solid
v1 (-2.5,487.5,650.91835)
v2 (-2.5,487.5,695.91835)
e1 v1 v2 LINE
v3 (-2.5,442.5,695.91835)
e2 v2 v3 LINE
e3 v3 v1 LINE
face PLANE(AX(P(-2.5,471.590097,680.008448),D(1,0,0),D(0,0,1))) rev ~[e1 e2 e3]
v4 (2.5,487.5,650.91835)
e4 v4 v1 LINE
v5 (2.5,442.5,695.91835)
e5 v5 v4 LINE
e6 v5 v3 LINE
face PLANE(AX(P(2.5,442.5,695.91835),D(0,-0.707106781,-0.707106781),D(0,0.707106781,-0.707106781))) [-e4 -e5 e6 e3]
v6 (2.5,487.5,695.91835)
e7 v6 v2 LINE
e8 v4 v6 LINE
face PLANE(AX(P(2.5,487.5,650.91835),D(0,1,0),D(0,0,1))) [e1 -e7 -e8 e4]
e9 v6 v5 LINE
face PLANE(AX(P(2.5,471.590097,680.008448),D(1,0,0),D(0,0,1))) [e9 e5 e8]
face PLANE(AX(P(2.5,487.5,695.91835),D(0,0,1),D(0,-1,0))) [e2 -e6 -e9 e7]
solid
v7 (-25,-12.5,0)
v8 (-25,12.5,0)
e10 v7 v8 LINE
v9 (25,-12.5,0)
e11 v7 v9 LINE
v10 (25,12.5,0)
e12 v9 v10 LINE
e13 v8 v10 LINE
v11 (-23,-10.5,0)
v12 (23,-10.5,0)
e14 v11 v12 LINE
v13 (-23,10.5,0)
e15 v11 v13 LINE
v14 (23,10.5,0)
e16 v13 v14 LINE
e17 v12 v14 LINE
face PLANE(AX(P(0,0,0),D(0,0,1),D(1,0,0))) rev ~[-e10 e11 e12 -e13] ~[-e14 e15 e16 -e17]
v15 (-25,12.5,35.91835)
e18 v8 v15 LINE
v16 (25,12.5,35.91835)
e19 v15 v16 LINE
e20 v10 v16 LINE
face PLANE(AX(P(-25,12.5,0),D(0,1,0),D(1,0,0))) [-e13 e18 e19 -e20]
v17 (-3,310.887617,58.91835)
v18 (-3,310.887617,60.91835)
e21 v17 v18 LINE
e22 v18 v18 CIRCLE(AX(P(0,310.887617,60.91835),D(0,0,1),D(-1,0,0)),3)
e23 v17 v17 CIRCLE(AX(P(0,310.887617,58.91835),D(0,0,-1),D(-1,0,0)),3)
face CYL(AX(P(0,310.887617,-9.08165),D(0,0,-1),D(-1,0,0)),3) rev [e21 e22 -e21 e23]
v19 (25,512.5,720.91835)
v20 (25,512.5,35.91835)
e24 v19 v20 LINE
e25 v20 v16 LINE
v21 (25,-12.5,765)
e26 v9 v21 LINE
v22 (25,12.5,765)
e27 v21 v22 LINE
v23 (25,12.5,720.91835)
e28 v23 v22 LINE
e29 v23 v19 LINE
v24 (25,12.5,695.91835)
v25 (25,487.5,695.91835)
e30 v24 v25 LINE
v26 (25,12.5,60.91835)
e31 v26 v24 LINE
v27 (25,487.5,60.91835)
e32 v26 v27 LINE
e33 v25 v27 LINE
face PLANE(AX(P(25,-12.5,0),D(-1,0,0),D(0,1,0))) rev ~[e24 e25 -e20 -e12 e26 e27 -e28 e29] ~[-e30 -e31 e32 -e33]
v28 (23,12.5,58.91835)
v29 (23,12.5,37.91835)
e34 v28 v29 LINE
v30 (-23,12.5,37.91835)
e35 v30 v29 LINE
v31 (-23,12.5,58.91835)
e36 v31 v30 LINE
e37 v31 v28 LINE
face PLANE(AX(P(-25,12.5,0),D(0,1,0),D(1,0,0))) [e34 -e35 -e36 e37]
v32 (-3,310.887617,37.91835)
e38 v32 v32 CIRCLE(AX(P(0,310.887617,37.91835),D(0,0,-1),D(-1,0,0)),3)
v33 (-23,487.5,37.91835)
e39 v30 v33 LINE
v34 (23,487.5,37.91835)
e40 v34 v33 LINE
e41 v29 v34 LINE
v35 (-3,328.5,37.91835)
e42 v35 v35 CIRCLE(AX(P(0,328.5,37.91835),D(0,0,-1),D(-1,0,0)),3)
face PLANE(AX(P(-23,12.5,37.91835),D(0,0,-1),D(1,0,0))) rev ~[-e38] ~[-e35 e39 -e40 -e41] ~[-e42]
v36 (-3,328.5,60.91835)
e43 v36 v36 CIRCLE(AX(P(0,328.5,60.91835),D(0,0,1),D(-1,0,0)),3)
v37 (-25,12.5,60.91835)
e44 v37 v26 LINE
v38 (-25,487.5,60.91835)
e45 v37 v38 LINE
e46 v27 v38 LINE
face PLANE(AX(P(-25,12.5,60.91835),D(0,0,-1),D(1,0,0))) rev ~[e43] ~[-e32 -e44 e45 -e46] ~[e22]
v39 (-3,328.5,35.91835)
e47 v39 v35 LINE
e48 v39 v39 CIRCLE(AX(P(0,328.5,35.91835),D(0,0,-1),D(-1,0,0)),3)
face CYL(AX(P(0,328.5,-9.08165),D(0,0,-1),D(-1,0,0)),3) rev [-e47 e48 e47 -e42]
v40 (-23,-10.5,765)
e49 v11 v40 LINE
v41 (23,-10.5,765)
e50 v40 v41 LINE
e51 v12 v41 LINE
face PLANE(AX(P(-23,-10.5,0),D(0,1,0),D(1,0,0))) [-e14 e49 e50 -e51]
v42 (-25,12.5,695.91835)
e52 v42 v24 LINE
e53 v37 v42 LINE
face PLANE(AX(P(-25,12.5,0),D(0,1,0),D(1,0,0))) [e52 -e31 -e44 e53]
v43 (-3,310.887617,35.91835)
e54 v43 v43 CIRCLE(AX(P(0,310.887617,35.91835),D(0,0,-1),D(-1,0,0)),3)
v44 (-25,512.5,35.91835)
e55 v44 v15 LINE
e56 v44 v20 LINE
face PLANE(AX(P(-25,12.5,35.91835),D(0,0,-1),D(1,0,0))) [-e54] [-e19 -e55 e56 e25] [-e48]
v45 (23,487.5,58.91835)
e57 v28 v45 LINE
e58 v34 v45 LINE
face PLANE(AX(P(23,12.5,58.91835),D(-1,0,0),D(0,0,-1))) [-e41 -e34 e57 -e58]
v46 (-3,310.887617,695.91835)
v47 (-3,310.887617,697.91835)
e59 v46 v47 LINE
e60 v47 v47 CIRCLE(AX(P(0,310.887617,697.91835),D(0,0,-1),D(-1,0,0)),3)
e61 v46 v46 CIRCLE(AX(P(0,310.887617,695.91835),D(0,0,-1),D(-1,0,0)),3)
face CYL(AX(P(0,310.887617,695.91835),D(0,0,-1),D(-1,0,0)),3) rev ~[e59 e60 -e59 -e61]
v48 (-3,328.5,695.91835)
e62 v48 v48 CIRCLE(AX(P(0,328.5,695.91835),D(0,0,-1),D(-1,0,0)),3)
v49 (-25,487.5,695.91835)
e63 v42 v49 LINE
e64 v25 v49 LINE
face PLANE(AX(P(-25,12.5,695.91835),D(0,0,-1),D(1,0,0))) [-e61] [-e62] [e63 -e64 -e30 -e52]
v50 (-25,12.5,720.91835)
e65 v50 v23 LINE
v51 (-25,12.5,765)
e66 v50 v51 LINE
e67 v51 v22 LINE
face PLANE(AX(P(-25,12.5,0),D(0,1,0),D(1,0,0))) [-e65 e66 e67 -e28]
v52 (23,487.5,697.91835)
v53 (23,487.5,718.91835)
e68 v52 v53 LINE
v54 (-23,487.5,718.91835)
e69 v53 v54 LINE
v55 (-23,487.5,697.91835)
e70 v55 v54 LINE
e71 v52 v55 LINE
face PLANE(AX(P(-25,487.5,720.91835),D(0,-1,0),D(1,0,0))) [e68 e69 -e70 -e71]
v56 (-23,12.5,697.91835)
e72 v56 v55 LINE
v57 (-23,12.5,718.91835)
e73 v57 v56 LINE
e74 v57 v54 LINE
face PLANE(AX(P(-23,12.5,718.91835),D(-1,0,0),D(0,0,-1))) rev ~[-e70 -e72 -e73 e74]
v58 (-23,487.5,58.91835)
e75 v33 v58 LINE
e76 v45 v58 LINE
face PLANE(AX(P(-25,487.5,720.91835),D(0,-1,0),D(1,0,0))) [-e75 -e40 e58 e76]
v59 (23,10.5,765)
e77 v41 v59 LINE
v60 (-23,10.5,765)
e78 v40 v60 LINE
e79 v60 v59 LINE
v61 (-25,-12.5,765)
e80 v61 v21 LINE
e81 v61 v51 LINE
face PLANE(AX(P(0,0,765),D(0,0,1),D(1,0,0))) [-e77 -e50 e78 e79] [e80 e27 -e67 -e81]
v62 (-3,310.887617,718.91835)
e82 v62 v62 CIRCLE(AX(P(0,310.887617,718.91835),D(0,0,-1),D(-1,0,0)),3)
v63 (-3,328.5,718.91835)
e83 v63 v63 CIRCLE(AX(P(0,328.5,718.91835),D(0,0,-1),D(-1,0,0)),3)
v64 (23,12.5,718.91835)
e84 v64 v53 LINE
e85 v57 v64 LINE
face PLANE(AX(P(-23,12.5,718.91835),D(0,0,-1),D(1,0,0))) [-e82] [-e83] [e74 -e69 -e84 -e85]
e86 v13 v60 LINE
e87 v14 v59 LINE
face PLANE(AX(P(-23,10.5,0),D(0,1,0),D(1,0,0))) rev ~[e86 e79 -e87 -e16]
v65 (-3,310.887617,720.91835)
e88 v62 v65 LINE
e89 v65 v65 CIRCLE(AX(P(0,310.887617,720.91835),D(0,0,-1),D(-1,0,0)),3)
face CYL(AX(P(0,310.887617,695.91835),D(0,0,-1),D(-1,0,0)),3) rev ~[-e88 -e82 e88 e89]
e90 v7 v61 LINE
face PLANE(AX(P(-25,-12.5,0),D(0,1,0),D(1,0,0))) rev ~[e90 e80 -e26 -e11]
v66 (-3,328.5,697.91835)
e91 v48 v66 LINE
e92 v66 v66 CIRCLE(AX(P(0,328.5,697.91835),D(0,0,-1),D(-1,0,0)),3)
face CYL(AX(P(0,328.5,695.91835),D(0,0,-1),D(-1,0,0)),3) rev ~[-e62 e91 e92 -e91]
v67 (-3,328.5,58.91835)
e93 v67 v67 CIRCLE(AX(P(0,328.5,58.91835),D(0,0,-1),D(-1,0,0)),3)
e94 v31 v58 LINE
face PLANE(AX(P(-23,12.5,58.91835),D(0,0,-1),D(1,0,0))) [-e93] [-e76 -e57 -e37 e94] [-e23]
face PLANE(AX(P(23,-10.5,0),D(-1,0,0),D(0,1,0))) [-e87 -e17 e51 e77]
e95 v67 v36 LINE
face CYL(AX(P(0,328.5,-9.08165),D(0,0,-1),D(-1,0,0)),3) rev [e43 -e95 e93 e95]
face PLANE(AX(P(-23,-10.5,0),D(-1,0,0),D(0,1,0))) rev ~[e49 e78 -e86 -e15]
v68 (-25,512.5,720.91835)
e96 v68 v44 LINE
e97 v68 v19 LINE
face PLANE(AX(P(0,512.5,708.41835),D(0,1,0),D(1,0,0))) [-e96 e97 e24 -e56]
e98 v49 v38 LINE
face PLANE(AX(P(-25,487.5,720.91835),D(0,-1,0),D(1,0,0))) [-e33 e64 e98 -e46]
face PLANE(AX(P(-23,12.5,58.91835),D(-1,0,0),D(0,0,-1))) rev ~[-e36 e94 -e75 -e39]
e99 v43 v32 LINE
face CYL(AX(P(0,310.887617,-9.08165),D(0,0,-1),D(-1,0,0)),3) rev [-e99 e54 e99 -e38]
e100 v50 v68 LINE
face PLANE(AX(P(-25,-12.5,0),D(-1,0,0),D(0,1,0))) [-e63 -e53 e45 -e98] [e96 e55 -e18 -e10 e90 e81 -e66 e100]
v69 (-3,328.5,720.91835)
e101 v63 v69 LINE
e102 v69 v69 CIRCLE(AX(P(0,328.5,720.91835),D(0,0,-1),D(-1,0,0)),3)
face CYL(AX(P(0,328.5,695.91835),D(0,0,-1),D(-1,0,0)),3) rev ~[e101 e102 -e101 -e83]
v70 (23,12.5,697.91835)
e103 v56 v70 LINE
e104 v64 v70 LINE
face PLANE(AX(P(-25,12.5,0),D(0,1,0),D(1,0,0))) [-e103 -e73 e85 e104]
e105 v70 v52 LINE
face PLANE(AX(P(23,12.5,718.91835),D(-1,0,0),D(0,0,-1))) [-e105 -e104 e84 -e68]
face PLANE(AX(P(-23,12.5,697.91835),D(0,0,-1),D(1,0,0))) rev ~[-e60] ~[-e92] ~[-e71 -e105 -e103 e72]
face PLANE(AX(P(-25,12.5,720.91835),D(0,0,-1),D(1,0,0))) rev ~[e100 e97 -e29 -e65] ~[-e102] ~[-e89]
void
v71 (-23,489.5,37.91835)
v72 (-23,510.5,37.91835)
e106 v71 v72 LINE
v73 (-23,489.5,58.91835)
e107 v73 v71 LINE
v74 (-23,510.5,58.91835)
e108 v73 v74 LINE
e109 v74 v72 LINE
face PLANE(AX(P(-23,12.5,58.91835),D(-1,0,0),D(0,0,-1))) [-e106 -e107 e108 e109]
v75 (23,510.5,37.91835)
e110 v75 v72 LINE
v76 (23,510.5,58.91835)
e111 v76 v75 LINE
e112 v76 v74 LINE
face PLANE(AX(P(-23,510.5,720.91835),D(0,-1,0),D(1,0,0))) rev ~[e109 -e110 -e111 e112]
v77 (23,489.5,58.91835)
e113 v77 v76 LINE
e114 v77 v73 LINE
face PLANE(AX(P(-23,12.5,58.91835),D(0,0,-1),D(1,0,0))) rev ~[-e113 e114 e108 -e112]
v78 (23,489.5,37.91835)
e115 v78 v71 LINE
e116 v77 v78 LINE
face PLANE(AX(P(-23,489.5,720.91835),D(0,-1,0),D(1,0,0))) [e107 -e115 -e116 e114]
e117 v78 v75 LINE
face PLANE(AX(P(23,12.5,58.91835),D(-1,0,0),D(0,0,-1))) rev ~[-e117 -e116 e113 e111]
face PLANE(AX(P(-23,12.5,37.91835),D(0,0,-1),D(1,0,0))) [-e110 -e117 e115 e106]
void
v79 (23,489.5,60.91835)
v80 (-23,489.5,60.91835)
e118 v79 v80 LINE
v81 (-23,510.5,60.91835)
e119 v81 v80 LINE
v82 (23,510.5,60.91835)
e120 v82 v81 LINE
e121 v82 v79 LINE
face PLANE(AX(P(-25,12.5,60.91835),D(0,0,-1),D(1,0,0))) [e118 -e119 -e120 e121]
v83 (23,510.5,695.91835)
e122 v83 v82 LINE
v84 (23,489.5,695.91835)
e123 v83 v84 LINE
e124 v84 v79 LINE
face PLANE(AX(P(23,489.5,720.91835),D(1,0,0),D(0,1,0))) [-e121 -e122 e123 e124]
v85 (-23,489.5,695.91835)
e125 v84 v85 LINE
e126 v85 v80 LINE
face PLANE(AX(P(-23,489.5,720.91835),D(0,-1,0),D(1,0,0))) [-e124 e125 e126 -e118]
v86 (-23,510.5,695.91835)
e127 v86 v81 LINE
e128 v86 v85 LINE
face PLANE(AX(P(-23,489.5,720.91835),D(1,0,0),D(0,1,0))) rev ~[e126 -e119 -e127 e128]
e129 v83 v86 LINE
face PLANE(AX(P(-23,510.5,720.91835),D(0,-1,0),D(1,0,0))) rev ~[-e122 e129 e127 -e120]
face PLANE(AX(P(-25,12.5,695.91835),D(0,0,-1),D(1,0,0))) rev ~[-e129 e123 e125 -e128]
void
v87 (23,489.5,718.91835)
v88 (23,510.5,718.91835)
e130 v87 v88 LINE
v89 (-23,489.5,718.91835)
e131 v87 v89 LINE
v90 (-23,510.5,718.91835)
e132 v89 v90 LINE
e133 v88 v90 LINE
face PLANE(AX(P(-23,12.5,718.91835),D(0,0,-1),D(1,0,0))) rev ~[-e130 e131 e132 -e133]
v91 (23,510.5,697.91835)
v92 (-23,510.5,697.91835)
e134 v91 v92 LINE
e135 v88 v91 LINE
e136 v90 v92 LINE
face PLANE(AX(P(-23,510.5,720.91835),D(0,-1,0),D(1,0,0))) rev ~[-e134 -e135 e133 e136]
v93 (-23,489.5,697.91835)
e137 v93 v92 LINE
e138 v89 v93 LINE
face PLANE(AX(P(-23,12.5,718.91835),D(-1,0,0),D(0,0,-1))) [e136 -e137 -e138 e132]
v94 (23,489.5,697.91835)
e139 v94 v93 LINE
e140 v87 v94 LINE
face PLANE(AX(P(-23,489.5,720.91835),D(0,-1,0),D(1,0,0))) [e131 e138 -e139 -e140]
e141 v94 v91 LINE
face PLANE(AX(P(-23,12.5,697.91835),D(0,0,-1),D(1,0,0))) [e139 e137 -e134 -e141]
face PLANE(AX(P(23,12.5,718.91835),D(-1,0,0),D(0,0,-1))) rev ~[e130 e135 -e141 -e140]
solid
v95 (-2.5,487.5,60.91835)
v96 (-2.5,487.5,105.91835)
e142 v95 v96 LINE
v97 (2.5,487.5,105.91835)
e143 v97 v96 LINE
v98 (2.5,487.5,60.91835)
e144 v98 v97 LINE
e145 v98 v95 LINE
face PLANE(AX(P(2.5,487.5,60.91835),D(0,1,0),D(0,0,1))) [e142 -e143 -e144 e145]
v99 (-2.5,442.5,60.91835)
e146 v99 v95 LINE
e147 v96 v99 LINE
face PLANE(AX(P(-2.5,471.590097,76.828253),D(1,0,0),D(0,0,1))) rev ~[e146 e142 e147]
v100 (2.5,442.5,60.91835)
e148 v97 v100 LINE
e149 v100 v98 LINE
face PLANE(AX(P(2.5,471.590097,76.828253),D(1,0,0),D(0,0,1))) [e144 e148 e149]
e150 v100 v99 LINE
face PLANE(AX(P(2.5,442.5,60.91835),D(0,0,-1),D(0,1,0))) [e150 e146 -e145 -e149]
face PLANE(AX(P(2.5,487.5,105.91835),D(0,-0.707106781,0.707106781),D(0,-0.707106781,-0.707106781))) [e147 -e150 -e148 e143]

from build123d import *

# Parameters (mm, degrees)
SKETCH1_W           = 50
SKETCH1_H           = 25
SKETCH1_W_2         = 46
SKETCH1_H_2         = 21
BOSS_EXTRUDE1_DEPTH = 765
SKETCH2_W           = 50
SKETCH2_H           = 25
SKETCH2_W_2         = 46
SKETCH2_H_2         = 21
BOSS_EXTRUDE2_DEPTH = 500
BOSS_EXTRUDE3_REACH = 886.875
SKETCH3_W           = 50
SKETCH3_H           = 25
SKETCH3_W_2         = 46
SKETCH3_H_2         = 21
GUSSET1_THICKNESS   = 5
GUSSET2_THICKNESS   = 5
SKETCH9_R           = 3
CUT_EXTRUDE1_DEPTH  = 70
CUT_EXTRUDE2_START  = -70
SKETCH10_R          = 3
CUT_EXTRUDE2_DEPTH  = 70


with BuildPart() as part:
    # Sketch1 → Boss-Extrude1 (new body)
    with BuildSketch(Plane.XY):
        Rectangle(SKETCH1_W, SKETCH1_H)
        Rectangle(SKETCH1_W_2, SKETCH1_H_2, mode=Mode.SUBTRACT)
    extrude(amount=BOSS_EXTRUDE1_DEPTH)

    # Sketch2 → Boss-Extrude2 (add)
    # profile 1 of 2: a face of its own
    with BuildSketch(Plane(origin=(0, 12.5, 0), x_dir=(1, 0, 0), z_dir=(0, 1, 0))):
        with Locations((0, -708.418350439)):
            Rectangle(SKETCH2_W, SKETCH2_H)
        with Locations((0, -708.418350439)):
            Rectangle(SKETCH2_W_2, SKETCH2_H_2, mode=Mode.SUBTRACT)
    # profile 2 of 2: a face of its own
    with BuildSketch(Plane(origin=(0, 12.5, 0), x_dir=(1, 0, 0), z_dir=(0, 1, 0))):
        with Locations((0, -48.418350439)):
            Rectangle(SKETCH2_W, SKETCH2_H)
        with Locations((0, -48.418350439)):
            Rectangle(SKETCH2_W_2, SKETCH2_H_2, mode=Mode.SUBTRACT)
    extrude(amount=BOSS_EXTRUDE2_DEPTH)

    # Boss-Extrude3: up to this face of the body (flat: up to its plane)
    boss_extrude3_end = Plane(part.part.faces().sort_by_distance((0, 262.5, 35.918350439))[0])
    # Sketch3 → Boss-Extrude3 (add, up to the picked face)
    with BuildSketch(Plane.XY.offset(720.918350439), mode=Mode.PRIVATE) as boss_extrude3_sk1:
        with Locations((0, 500)):
            Rectangle(SKETCH3_W, SKETCH3_H)
        with Locations((0, 500)):
            Rectangle(SKETCH3_W_2, SKETCH3_H_2, mode=Mode.SUBTRACT)
    boss_extrude3_tool1 = split(extrude(boss_extrude3_sk1.sketch, amount=-BOSS_EXTRUDE3_REACH, mode=Mode.PRIVATE), bisect_by=boss_extrude3_end, keep=Keep.BOTH, mode=Mode.PRIVATE)
    add(boss_extrude3_tool1.solids().sort_by(Axis((0, 488.059017, 720.91835), (0, 0, -1)))[0])

    # Sketch9 → Cut-Extrude1 (cut)
    with BuildSketch(Plane(origin=(0, 0, 695.918350439), x_dir=(-1, 0, 0), z_dir=(0, 0, -1))):
        with Locations((0, 310.887616871)):
            Circle(SKETCH9_R)
        with Locations((0, 328.5)):
            Circle(SKETCH9_R)
    extrude(amount=-CUT_EXTRUDE1_DEPTH, mode=Mode.SUBTRACT)

    # Sketch10 → Cut-Extrude2 (cut)
    with BuildSketch(Plane.XY.offset(60.918350439).offset(CUT_EXTRUDE2_START)):
        with Locations(Location((0, 310.887616871, 0), (0, 0, 180))):
            Circle(SKETCH10_R)
        with Locations(Location((0, 328.5, 0), (0, 0, 180))):
            Circle(SKETCH10_R)
    extrude(amount=CUT_EXTRUDE2_DEPTH, mode=Mode.SUBTRACT)


with BuildPart() as body_2:
    # Gusset1: a gusset: a plate 5.0 thick in the corner of two members, its outline drawn in place
    gusset1_outline = Wire([Line((2.5, 487.5, 60.918350439), (2.5, 487.5, 105.918350439)), Line((2.5, 487.5, 105.918350439), (2.5, 442.5, 60.918350439)), Line((2.5, 442.5, 60.918350439), (2.5, 487.5, 60.918350439))])
    add(extrude(Face(gusset1_outline), amount=GUSSET1_THICKNESS, dir=(-1, 0, 0)))


with BuildPart() as body_3:
    # Gusset2: a gusset: a plate 5.0 thick in the corner of two members, its outline drawn in place
    gusset2_outline = Wire([Line((2.5, 487.5, 695.918350439), (2.5, 442.5, 695.918350439)), Line((2.5, 442.5, 695.918350439), (2.5, 487.5, 650.918350439)), Line((2.5, 487.5, 650.918350439), (2.5, 487.5, 695.918350439))])
    add(extrude(Face(gusset2_outline), amount=GUSSET2_THICKNESS, dir=(-1, 0, 0)))


solid = Compound([part.part, body_2.part, body_3.part])
